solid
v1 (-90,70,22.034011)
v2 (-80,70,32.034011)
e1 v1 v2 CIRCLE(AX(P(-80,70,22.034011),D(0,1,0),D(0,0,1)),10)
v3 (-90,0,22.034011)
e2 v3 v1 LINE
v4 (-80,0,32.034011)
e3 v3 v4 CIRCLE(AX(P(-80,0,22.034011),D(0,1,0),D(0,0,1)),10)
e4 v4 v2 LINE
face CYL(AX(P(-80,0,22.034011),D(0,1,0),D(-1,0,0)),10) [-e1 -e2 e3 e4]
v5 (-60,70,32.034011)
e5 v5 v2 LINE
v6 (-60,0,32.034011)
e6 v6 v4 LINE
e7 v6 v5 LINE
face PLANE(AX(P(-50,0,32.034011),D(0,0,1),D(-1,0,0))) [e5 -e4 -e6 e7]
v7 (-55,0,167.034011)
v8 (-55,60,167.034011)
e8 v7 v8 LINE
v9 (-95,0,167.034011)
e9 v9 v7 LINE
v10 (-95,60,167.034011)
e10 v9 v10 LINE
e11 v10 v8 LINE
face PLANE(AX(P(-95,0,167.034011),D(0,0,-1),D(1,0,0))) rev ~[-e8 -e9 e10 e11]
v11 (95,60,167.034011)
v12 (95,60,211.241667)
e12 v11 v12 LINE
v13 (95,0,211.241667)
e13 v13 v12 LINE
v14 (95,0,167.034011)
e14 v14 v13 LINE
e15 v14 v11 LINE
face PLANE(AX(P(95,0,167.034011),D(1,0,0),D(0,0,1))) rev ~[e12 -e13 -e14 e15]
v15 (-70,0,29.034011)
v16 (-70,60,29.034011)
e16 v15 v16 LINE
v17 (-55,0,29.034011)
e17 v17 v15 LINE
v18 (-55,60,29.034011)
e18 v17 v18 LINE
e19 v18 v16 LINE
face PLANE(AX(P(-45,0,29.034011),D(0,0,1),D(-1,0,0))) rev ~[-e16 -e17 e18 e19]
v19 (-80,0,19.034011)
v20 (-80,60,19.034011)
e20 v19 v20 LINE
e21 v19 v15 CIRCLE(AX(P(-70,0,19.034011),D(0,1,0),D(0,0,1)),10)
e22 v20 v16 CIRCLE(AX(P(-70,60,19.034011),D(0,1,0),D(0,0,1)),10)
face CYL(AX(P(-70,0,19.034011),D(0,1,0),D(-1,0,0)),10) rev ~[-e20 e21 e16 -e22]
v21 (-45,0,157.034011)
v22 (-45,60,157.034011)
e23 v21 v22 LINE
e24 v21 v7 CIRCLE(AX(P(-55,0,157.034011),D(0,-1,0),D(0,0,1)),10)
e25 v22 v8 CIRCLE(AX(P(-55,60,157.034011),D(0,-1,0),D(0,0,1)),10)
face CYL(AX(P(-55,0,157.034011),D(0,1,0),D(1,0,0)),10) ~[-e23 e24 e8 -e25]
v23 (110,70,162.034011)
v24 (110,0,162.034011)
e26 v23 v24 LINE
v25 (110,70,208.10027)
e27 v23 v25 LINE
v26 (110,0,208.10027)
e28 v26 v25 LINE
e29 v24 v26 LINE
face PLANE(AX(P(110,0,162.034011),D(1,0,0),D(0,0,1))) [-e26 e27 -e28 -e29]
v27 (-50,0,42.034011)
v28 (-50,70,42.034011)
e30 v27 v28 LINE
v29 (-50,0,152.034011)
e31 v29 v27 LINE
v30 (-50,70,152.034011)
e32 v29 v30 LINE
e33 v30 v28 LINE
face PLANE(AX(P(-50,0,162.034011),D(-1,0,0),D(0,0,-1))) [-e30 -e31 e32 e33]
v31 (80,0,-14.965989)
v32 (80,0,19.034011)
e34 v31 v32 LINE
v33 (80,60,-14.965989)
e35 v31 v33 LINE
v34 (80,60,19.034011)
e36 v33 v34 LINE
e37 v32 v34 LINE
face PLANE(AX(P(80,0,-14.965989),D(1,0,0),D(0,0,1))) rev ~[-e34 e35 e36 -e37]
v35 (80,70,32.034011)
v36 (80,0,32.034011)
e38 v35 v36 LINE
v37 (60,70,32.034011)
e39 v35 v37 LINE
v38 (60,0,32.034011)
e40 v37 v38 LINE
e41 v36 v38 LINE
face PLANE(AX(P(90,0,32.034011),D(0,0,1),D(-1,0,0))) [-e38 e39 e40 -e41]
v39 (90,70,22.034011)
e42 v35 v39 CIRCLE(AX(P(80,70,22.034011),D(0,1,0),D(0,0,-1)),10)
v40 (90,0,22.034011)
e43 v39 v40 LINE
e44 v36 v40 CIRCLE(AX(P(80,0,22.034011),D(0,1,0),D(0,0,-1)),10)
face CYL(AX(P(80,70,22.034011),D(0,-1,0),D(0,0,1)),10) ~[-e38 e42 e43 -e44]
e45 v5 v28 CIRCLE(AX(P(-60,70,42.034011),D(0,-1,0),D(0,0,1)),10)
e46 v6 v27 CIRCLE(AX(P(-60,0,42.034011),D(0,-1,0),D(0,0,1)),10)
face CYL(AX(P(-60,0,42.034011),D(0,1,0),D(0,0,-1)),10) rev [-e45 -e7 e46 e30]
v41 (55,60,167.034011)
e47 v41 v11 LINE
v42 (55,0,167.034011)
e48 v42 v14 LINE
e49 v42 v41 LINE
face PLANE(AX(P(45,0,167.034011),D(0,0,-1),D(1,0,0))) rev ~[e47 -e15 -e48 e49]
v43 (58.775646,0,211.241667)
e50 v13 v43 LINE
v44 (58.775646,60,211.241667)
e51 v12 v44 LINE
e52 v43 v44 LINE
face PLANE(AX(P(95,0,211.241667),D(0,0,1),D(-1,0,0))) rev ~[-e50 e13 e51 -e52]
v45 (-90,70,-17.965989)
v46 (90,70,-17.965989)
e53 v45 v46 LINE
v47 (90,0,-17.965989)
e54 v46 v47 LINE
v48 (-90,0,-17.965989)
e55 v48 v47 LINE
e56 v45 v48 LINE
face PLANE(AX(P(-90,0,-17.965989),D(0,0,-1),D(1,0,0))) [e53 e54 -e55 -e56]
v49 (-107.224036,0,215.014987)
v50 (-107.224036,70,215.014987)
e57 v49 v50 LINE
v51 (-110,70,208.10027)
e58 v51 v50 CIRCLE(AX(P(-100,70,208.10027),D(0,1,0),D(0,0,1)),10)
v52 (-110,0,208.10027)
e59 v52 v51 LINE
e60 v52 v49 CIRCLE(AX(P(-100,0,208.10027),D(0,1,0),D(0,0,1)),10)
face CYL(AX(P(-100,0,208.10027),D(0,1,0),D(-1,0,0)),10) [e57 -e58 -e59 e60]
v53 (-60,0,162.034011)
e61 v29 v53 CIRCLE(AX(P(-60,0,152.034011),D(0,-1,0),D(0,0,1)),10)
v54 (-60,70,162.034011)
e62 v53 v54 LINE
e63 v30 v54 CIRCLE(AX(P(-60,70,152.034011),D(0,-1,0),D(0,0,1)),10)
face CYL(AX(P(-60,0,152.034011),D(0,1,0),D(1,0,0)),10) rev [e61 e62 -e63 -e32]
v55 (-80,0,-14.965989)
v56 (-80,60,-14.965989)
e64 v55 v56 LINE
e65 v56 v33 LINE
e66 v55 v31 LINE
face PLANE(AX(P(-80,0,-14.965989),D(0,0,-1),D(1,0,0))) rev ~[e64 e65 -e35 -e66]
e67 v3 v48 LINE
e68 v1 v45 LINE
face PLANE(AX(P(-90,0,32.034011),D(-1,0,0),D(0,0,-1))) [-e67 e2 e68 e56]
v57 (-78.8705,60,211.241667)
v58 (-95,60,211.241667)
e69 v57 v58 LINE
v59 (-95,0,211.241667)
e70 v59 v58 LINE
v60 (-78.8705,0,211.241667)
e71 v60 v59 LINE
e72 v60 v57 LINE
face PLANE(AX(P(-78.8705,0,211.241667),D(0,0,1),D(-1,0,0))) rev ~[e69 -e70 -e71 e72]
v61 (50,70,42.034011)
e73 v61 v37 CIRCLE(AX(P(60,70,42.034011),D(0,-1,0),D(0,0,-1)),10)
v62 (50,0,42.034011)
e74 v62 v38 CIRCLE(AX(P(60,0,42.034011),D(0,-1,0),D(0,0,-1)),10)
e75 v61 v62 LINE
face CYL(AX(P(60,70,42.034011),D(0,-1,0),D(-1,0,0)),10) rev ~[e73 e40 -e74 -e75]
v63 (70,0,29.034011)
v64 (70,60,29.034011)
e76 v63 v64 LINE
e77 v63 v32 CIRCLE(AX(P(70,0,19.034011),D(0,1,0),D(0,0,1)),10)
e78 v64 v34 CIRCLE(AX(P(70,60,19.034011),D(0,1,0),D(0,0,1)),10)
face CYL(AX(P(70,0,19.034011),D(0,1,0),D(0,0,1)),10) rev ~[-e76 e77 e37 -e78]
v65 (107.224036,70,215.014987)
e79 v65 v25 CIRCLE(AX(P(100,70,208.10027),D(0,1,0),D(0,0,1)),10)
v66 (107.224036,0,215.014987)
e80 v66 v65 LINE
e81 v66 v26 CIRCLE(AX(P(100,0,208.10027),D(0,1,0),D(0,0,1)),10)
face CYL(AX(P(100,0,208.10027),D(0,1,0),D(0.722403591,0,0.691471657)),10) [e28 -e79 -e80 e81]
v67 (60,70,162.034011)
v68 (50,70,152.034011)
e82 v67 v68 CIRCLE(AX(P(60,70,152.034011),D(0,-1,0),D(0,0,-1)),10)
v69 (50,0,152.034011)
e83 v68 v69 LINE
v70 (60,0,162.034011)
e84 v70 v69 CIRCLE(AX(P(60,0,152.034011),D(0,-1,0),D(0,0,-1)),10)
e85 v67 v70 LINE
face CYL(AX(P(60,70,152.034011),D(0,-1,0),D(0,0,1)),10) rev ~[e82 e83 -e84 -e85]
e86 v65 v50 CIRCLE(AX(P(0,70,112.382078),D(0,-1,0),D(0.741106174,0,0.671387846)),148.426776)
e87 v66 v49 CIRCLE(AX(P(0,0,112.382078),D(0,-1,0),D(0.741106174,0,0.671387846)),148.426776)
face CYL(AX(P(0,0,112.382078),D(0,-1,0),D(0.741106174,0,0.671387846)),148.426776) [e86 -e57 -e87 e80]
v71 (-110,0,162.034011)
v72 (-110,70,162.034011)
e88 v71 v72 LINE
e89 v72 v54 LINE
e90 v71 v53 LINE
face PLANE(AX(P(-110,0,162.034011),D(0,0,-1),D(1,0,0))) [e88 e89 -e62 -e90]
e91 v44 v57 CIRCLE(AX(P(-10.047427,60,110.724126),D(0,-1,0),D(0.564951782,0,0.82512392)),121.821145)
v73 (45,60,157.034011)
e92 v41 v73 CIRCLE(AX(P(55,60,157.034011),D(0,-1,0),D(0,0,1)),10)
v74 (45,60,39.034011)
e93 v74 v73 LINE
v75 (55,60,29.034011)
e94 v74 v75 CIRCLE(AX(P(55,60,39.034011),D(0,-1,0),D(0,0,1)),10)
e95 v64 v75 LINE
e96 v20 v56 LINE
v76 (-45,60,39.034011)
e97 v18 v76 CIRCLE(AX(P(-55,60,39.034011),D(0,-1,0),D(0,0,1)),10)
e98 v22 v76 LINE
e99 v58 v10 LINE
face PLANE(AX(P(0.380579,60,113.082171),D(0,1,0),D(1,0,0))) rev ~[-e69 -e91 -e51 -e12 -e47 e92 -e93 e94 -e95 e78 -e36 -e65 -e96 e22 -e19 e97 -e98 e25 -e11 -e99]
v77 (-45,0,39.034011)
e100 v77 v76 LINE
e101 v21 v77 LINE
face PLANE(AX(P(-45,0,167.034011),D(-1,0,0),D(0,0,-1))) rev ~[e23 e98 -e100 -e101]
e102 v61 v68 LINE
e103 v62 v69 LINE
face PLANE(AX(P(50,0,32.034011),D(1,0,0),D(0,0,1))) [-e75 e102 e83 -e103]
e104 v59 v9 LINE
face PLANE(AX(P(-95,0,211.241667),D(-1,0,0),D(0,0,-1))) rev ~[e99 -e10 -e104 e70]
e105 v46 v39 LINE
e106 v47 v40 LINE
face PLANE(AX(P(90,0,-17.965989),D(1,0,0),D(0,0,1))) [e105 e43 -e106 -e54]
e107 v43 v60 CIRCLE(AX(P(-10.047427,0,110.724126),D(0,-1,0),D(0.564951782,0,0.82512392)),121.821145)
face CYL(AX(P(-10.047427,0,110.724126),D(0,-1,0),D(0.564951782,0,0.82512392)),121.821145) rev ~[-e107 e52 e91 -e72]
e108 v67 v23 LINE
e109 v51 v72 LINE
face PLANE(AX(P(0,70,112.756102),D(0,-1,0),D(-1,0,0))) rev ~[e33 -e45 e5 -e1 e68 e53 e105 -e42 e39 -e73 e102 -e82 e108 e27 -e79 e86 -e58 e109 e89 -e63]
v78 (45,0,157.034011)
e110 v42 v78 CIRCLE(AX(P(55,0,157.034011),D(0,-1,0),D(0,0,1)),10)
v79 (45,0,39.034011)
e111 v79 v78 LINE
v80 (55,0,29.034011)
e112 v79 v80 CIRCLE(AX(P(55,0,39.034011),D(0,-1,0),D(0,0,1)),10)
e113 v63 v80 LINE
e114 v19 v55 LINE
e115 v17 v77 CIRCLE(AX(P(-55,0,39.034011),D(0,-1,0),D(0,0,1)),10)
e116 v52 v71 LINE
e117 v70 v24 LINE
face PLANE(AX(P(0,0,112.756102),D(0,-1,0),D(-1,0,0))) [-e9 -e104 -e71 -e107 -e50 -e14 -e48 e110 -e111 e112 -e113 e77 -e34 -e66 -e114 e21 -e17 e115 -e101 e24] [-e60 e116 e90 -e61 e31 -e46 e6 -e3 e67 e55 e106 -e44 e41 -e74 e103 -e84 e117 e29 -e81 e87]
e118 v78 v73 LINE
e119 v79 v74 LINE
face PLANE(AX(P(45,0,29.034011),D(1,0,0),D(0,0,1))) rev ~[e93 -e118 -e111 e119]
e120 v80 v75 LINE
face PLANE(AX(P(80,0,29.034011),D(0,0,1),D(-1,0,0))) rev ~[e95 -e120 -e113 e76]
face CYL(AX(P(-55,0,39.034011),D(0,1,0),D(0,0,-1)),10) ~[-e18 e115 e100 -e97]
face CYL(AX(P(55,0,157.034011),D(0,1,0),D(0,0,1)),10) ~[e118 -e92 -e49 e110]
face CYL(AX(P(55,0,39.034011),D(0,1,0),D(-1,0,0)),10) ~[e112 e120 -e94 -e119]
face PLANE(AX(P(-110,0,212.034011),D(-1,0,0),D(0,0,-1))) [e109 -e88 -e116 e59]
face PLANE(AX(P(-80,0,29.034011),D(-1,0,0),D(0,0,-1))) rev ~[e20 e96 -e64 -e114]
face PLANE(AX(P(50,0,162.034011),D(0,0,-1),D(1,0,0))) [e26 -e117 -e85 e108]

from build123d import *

# Parameters (mm, degrees)
BOSS_EXTRUDE1_DEPTH = 70
FILLET3_R           = 10
BOSS_EXTRUDE2_DEPTH = 10
FILLET4_R           = 10


with BuildPart() as part:
    # Sketch1 → Boss-Extrude1 (new body)
    with BuildSketch(Plane(origin=(0, 0, 0), x_dir=(1, 0, 0), z_dir=(0, 1, 0))):
        with BuildLine():
            Line((-90, 17.965988739), (90, 17.965988739))
            Line((90, 17.965988739), (90, -32.034011261))
            Line((90, -32.034011261), (50, -32.034011261))
            Line((50, -32.034011261), (50, -162.034011261))
            Line((50, -162.034011261), (110, -162.034011261))
            Line((110, -162.034011261), (110, -212.034011261))
            ThreePointArc((110, -212.034011261), (0, -260.808853853), (-110, -212.034011261))
            Line((-110, -212.034011261), (-110, -162.034011261))
            Line((-110, -162.034011261), (-50, -162.034011261))
            Line((-50, -162.034011261), (-50, -32.034011261))
            Line((-50, -32.034011261), (-90, -32.034011261))
            Line((-90, -32.034011261), (-90, 17.965988739))
        make_face()
        with BuildLine():
            Line((-80, 14.965988739), (80, 14.965988739))
            Line((80, 14.965988739), (80, -29.034011261))
            Line((80, -29.034011261), (45, -29.034011261))
            Line((45, -29.034011261), (45, -167.034011261))
            Line((45, -167.034011261), (95, -167.034011261))
            Line((95, -167.034011261), (95, -211.241666668))
            Line((95, -211.241666668), (58.77564579, -211.241666668))
            ThreePointArc((58.77564579, -211.241666668), (-10.047427033, -232.545270894), (-78.870499857, -211.241666668))
            Line((-78.870499857, -211.241666668), (-95, -211.241666668))
            Line((-95, -211.241666668), (-95, -167.034011261))
            Line((-95, -167.034011261), (-45, -167.034011261))
            Line((-45, -167.034011261), (-45, -29.034011261))
            Line((-45, -29.034011261), (-80, -29.034011261))
            Line((-80, -29.034011261), (-80, 14.965988739))
        make_face(mode=Mode.SUBTRACT)
    extrude(amount=BOSS_EXTRUDE1_DEPTH)

    # Fillet3
    fillet3_edges = [part.edges().sort_by_distance(p)[0] for p in [
        (-90, 35, 32.034011261),
    ]]
    fillet(fillet3_edges, radius=FILLET3_R)

    # Sketch9 → Boss-Extrude2 (add)
    with BuildSketch(Plane(origin=(0, 70, 0), x_dir=(1, 0, 0), z_dir=(0, 1, 0))):
        with BuildLine():
            Line((-90, 17.965988739), (-90, -22.034011261))
            ThreePointArc((-90, -22.034011261), (-87.071067812, -29.105079073), (-80, -32.034011261))
            Line((-80, -32.034011261), (-50, -32.034011261))
            Line((-50, -32.034011261), (-50, -162.034011261))
            Line((-50, -162.034011261), (-110, -162.034011261))
            Line((-110, -162.034011261), (-110, -212.034011261))
            ThreePointArc((-110, -212.034011261), (0, -260.808853853), (110, -212.034011261))
            Line((110, -212.034011261), (110, -162.034011261))
            Line((110, -162.034011261), (50, -162.034011261))
            Line((50, -162.034011261), (50, -32.034011261))
            Line((50, -32.034011261), (90, -32.034011261))
            Line((90, -32.034011261), (90, 17.965988739))
            Line((90, 17.965988739), (-90, 17.965988739))
        make_face()
    extrude(amount=-BOSS_EXTRUDE2_DEPTH)

    # Fillet4
    fillet4_edges = [part.edges().sort_by_distance(p)[0] for p in [
        (-45, 30, 167.034011261),
        (-45, 30, 29.034011261),
        (-80, 30, 29.034011261),
        (90, 35, 32.034011261),
        (50, 35, 32.034011261),
        (50, 35, 162.034011261),
        (110, 35, 212.034011261),
        (-110, 35, 212.034011261),
        (-50, 35, 162.034011261),
        (-50, 35, 32.034011261),
        (80, 30, 29.034011261),
        (45, 30, 29.034011261),
        (45, 30, 167.034011261),
    ]]
    fillet(fillet4_edges, radius=FILLET4_R)


solid = part.part
